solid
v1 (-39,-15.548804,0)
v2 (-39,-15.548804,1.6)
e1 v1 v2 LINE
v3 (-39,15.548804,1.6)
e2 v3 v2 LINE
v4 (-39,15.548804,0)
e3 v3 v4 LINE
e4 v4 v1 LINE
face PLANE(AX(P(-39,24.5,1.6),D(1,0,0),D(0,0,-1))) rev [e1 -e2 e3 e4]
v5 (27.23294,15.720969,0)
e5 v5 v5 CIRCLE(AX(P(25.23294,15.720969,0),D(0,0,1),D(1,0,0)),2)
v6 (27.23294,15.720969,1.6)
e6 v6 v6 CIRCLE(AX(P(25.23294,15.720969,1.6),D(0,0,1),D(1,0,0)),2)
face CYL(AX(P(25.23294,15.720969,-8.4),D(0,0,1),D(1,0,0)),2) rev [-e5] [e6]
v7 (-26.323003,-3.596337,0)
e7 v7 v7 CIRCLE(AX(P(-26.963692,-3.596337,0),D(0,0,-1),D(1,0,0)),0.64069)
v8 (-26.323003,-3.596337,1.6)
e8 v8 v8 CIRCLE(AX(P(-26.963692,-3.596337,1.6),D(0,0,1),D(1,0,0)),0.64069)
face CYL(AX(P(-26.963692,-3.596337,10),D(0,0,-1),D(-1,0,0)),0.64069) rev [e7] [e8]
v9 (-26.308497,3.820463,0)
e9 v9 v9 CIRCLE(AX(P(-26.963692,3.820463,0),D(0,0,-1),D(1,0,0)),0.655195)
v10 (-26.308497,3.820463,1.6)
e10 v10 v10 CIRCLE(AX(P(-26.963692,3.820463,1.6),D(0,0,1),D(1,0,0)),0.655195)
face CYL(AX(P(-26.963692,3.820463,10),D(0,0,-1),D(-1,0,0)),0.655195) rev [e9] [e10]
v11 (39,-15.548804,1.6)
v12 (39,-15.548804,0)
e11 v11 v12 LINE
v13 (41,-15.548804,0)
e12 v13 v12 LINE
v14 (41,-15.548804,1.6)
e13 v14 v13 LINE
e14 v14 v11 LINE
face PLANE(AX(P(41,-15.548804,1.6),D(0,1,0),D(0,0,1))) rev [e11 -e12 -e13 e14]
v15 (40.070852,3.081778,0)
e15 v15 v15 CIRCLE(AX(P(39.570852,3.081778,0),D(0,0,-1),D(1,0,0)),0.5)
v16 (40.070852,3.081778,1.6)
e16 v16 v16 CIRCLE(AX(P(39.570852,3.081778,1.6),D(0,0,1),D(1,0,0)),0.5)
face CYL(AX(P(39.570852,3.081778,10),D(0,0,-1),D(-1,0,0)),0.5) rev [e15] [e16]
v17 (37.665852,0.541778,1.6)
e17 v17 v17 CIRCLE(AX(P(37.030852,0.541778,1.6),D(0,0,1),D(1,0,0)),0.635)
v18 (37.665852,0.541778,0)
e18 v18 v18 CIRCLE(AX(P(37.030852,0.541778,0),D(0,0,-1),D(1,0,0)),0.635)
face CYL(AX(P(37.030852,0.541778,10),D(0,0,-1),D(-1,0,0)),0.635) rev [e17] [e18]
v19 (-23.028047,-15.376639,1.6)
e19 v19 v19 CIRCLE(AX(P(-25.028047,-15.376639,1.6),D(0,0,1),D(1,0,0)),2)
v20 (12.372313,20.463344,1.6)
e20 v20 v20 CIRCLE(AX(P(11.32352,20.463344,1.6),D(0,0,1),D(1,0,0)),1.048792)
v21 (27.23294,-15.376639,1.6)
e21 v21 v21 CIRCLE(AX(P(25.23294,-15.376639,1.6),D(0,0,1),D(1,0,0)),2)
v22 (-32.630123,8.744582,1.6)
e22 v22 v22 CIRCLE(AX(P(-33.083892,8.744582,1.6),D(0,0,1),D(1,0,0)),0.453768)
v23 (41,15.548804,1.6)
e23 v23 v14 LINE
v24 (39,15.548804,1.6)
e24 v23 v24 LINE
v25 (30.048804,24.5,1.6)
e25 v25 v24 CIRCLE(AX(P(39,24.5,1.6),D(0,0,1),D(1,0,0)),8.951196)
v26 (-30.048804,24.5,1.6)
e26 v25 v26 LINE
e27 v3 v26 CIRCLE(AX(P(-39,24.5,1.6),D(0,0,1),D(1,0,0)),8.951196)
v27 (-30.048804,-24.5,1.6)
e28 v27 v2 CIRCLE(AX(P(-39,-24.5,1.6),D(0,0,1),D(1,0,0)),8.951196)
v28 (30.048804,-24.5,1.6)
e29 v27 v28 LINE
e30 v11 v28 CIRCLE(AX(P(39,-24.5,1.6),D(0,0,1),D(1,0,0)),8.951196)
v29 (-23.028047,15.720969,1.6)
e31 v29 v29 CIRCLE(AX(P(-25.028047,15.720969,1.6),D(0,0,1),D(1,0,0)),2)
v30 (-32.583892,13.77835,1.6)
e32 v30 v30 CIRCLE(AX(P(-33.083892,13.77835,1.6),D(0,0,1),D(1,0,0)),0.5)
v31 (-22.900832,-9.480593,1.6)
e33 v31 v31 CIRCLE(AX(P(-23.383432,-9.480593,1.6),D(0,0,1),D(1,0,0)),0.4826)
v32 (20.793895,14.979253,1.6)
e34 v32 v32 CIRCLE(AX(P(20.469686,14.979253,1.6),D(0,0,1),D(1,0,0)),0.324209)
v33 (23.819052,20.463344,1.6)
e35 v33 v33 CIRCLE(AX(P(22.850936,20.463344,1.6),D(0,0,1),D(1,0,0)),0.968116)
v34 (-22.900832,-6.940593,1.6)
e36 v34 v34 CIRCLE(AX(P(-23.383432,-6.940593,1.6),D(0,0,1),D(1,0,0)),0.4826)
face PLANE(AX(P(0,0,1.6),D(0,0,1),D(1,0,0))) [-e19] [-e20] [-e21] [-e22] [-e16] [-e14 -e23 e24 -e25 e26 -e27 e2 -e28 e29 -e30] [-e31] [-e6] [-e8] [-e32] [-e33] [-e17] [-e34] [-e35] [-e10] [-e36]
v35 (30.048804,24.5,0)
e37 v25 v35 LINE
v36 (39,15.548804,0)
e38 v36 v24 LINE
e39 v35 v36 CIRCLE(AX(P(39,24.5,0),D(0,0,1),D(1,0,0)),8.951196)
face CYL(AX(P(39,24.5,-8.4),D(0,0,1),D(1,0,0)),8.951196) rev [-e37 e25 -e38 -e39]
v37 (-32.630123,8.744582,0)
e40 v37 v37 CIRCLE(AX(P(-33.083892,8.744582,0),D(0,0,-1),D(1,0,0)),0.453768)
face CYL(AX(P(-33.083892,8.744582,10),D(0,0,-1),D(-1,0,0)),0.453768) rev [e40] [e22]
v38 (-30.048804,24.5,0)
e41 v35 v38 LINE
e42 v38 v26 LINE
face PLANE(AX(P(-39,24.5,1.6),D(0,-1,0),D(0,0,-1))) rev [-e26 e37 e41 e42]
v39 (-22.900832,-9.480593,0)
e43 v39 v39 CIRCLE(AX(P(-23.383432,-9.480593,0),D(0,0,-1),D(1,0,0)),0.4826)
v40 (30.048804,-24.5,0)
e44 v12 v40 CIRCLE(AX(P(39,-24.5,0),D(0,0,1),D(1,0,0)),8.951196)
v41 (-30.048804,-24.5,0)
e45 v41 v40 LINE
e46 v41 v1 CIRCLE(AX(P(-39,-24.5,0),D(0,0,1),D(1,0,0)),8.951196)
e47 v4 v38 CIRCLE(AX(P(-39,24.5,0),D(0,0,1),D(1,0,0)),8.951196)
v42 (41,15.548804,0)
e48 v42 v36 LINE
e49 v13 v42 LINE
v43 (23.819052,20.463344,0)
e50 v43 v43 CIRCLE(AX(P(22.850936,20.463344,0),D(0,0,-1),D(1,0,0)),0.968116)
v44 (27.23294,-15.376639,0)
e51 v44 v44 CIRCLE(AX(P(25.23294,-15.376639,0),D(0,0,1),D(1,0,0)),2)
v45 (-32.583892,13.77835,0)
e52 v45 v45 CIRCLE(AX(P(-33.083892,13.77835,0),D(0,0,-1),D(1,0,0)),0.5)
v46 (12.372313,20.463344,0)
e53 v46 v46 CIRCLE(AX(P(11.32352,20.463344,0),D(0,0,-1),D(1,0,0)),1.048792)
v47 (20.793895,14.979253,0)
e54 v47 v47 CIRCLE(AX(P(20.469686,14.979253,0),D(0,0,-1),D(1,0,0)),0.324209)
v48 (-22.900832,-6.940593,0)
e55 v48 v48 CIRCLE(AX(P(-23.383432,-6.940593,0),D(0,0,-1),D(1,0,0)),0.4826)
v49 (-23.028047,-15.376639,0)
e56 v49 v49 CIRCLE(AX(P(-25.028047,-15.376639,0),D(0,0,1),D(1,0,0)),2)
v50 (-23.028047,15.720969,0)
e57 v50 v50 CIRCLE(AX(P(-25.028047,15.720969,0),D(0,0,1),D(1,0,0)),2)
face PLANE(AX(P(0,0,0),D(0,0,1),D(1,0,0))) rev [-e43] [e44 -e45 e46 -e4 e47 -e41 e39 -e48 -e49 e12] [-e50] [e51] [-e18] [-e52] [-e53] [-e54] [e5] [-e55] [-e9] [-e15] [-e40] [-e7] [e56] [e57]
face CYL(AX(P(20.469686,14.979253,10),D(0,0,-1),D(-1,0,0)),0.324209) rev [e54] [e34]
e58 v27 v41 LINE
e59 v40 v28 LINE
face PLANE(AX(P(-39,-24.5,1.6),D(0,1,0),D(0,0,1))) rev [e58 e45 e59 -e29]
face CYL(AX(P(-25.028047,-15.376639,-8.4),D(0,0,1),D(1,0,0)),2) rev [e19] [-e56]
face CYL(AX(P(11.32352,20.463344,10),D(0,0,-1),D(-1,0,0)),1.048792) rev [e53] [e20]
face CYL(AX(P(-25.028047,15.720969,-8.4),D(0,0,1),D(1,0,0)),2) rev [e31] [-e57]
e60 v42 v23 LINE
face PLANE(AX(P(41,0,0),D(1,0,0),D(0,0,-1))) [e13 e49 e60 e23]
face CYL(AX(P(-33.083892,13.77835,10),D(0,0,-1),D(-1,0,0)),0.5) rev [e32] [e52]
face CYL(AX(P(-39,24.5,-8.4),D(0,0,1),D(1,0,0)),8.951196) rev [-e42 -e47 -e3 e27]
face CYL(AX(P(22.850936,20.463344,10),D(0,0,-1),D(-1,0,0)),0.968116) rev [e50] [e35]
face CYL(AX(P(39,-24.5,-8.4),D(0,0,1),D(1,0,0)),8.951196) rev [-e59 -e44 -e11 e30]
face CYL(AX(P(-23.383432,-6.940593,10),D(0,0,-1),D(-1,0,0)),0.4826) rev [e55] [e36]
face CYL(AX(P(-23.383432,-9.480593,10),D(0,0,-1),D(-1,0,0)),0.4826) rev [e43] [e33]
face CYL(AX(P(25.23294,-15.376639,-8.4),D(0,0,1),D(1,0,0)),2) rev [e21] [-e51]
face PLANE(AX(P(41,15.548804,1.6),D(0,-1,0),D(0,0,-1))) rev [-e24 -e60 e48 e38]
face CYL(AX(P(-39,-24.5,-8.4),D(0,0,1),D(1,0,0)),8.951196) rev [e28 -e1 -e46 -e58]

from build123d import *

# Parameters (mm, degrees)
SKETCH1_W           = 78
SKETCH1_H           = 49
BOSS_EXTRUDE1_DEPTH = 1.6
SKETCH2_R           = 8.951195902
CUT_EXTRUDE1_DEPTH  = 10
SKETCH4_W           = 1.6
SKETCH4_H           = 31.097608196
BOSS_EXTRUDE3_DEPTH = 2
SKETCH5_R           = 0.968115871
SKETCH5_R_2         = 1.048792193
SKETCH5_R_3         = 0.324209478
SKETCH5_R_4         = 0.640689511
SKETCH5_R_5         = 0.655195162
SKETCH5_R_6         = 0.453768234
SKETCH5_R_7         = 0.5
SKETCH5_R_8         = 0.4826
SKETCH5_R_9         = 0.635
CUT_EXTRUDE2_DEPTH  = 10
SKETCH6_R           = 2
CUT_EXTRUDE3_DEPTH  = 10


with BuildPart() as part:
    # Sketch1 → Boss-Extrude1 (new body)
    with BuildSketch(Plane.XY):
        Rectangle(SKETCH1_W, SKETCH1_H)
    extrude(amount=BOSS_EXTRUDE1_DEPTH)

    # Sketch2 → Cut-Extrude1 (cut)
    with BuildSketch(Plane.XY.offset(1.6)):
        with Locations((39, 24.5)):
            Circle(SKETCH2_R)
        with Locations((39, -24.5)):
            Circle(SKETCH2_R)
        with Locations((-39, 24.5)):
            Circle(SKETCH2_R)
        with Locations((-39, -24.5)):
            Circle(SKETCH2_R)
    extrude(amount=-CUT_EXTRUDE1_DEPTH, mode=Mode.SUBTRACT)

    # Sketch4 → Boss-Extrude3 (add)
    with BuildSketch(Plane(origin=(39, 0, 0), x_dir=(0, 0, -1), z_dir=(1, 0, 0))):
        with Locations((-0.8, 0)):
            Rectangle(SKETCH4_W, SKETCH4_H)
    extrude(amount=BOSS_EXTRUDE3_DEPTH)

    # Sketch5 → Cut-Extrude2 (cut)
    with BuildSketch(Plane(origin=(0, 0, 0), x_dir=(-1, 0, 0), z_dir=(0, 0, -1))):
        with Locations((-22.850936129, 20.463344351)):
            Circle(SKETCH5_R)
        with Locations((-11.32352045, 20.463344351)):
            Circle(SKETCH5_R_2)
        with Locations((-20.469685942, 14.979253011)):
            Circle(SKETCH5_R_3)
        with Locations((26.963692039, -3.596337313)):
            Circle(SKETCH5_R_4)
        with Locations((26.963692039, 3.820462687)):
            Circle(SKETCH5_R_5)
        with Locations((33.083891647, 8.744582154)):
            Circle(SKETCH5_R_6)
        with Locations((33.083891647, 13.778350388)):
            Circle(SKETCH5_R_7)
        with Locations((23.383432149, -9.480592582)):
            Circle(SKETCH5_R_8)
        with Locations((23.383432149, -6.940592582)):
            Circle(SKETCH5_R_8)
        with Locations((-39.570851538, 3.081777689)):
            Circle(SKETCH5_R_7)
        with Locations((-37.030851538, 0.541777689)):
            Circle(SKETCH5_R_9)
    extrude(amount=-CUT_EXTRUDE2_DEPTH, mode=Mode.SUBTRACT)

    # Sketch6 → Cut-Extrude3 (cut)
    with BuildSketch(Plane.XY.offset(1.6)):
        with Locations((25.232939878, -15.376639124)):
            Circle(SKETCH6_R)
        with Locations((-25.028046678, -15.376639124)):
            Circle(SKETCH6_R)
        with Locations((-25.028046678, 15.720969071)):
            Circle(SKETCH6_R)
        with Locations((25.232939878, 15.720969071)):
            Circle(SKETCH6_R)
    extrude(amount=-CUT_EXTRUDE3_DEPTH, mode=Mode.SUBTRACT)


solid = part.part
